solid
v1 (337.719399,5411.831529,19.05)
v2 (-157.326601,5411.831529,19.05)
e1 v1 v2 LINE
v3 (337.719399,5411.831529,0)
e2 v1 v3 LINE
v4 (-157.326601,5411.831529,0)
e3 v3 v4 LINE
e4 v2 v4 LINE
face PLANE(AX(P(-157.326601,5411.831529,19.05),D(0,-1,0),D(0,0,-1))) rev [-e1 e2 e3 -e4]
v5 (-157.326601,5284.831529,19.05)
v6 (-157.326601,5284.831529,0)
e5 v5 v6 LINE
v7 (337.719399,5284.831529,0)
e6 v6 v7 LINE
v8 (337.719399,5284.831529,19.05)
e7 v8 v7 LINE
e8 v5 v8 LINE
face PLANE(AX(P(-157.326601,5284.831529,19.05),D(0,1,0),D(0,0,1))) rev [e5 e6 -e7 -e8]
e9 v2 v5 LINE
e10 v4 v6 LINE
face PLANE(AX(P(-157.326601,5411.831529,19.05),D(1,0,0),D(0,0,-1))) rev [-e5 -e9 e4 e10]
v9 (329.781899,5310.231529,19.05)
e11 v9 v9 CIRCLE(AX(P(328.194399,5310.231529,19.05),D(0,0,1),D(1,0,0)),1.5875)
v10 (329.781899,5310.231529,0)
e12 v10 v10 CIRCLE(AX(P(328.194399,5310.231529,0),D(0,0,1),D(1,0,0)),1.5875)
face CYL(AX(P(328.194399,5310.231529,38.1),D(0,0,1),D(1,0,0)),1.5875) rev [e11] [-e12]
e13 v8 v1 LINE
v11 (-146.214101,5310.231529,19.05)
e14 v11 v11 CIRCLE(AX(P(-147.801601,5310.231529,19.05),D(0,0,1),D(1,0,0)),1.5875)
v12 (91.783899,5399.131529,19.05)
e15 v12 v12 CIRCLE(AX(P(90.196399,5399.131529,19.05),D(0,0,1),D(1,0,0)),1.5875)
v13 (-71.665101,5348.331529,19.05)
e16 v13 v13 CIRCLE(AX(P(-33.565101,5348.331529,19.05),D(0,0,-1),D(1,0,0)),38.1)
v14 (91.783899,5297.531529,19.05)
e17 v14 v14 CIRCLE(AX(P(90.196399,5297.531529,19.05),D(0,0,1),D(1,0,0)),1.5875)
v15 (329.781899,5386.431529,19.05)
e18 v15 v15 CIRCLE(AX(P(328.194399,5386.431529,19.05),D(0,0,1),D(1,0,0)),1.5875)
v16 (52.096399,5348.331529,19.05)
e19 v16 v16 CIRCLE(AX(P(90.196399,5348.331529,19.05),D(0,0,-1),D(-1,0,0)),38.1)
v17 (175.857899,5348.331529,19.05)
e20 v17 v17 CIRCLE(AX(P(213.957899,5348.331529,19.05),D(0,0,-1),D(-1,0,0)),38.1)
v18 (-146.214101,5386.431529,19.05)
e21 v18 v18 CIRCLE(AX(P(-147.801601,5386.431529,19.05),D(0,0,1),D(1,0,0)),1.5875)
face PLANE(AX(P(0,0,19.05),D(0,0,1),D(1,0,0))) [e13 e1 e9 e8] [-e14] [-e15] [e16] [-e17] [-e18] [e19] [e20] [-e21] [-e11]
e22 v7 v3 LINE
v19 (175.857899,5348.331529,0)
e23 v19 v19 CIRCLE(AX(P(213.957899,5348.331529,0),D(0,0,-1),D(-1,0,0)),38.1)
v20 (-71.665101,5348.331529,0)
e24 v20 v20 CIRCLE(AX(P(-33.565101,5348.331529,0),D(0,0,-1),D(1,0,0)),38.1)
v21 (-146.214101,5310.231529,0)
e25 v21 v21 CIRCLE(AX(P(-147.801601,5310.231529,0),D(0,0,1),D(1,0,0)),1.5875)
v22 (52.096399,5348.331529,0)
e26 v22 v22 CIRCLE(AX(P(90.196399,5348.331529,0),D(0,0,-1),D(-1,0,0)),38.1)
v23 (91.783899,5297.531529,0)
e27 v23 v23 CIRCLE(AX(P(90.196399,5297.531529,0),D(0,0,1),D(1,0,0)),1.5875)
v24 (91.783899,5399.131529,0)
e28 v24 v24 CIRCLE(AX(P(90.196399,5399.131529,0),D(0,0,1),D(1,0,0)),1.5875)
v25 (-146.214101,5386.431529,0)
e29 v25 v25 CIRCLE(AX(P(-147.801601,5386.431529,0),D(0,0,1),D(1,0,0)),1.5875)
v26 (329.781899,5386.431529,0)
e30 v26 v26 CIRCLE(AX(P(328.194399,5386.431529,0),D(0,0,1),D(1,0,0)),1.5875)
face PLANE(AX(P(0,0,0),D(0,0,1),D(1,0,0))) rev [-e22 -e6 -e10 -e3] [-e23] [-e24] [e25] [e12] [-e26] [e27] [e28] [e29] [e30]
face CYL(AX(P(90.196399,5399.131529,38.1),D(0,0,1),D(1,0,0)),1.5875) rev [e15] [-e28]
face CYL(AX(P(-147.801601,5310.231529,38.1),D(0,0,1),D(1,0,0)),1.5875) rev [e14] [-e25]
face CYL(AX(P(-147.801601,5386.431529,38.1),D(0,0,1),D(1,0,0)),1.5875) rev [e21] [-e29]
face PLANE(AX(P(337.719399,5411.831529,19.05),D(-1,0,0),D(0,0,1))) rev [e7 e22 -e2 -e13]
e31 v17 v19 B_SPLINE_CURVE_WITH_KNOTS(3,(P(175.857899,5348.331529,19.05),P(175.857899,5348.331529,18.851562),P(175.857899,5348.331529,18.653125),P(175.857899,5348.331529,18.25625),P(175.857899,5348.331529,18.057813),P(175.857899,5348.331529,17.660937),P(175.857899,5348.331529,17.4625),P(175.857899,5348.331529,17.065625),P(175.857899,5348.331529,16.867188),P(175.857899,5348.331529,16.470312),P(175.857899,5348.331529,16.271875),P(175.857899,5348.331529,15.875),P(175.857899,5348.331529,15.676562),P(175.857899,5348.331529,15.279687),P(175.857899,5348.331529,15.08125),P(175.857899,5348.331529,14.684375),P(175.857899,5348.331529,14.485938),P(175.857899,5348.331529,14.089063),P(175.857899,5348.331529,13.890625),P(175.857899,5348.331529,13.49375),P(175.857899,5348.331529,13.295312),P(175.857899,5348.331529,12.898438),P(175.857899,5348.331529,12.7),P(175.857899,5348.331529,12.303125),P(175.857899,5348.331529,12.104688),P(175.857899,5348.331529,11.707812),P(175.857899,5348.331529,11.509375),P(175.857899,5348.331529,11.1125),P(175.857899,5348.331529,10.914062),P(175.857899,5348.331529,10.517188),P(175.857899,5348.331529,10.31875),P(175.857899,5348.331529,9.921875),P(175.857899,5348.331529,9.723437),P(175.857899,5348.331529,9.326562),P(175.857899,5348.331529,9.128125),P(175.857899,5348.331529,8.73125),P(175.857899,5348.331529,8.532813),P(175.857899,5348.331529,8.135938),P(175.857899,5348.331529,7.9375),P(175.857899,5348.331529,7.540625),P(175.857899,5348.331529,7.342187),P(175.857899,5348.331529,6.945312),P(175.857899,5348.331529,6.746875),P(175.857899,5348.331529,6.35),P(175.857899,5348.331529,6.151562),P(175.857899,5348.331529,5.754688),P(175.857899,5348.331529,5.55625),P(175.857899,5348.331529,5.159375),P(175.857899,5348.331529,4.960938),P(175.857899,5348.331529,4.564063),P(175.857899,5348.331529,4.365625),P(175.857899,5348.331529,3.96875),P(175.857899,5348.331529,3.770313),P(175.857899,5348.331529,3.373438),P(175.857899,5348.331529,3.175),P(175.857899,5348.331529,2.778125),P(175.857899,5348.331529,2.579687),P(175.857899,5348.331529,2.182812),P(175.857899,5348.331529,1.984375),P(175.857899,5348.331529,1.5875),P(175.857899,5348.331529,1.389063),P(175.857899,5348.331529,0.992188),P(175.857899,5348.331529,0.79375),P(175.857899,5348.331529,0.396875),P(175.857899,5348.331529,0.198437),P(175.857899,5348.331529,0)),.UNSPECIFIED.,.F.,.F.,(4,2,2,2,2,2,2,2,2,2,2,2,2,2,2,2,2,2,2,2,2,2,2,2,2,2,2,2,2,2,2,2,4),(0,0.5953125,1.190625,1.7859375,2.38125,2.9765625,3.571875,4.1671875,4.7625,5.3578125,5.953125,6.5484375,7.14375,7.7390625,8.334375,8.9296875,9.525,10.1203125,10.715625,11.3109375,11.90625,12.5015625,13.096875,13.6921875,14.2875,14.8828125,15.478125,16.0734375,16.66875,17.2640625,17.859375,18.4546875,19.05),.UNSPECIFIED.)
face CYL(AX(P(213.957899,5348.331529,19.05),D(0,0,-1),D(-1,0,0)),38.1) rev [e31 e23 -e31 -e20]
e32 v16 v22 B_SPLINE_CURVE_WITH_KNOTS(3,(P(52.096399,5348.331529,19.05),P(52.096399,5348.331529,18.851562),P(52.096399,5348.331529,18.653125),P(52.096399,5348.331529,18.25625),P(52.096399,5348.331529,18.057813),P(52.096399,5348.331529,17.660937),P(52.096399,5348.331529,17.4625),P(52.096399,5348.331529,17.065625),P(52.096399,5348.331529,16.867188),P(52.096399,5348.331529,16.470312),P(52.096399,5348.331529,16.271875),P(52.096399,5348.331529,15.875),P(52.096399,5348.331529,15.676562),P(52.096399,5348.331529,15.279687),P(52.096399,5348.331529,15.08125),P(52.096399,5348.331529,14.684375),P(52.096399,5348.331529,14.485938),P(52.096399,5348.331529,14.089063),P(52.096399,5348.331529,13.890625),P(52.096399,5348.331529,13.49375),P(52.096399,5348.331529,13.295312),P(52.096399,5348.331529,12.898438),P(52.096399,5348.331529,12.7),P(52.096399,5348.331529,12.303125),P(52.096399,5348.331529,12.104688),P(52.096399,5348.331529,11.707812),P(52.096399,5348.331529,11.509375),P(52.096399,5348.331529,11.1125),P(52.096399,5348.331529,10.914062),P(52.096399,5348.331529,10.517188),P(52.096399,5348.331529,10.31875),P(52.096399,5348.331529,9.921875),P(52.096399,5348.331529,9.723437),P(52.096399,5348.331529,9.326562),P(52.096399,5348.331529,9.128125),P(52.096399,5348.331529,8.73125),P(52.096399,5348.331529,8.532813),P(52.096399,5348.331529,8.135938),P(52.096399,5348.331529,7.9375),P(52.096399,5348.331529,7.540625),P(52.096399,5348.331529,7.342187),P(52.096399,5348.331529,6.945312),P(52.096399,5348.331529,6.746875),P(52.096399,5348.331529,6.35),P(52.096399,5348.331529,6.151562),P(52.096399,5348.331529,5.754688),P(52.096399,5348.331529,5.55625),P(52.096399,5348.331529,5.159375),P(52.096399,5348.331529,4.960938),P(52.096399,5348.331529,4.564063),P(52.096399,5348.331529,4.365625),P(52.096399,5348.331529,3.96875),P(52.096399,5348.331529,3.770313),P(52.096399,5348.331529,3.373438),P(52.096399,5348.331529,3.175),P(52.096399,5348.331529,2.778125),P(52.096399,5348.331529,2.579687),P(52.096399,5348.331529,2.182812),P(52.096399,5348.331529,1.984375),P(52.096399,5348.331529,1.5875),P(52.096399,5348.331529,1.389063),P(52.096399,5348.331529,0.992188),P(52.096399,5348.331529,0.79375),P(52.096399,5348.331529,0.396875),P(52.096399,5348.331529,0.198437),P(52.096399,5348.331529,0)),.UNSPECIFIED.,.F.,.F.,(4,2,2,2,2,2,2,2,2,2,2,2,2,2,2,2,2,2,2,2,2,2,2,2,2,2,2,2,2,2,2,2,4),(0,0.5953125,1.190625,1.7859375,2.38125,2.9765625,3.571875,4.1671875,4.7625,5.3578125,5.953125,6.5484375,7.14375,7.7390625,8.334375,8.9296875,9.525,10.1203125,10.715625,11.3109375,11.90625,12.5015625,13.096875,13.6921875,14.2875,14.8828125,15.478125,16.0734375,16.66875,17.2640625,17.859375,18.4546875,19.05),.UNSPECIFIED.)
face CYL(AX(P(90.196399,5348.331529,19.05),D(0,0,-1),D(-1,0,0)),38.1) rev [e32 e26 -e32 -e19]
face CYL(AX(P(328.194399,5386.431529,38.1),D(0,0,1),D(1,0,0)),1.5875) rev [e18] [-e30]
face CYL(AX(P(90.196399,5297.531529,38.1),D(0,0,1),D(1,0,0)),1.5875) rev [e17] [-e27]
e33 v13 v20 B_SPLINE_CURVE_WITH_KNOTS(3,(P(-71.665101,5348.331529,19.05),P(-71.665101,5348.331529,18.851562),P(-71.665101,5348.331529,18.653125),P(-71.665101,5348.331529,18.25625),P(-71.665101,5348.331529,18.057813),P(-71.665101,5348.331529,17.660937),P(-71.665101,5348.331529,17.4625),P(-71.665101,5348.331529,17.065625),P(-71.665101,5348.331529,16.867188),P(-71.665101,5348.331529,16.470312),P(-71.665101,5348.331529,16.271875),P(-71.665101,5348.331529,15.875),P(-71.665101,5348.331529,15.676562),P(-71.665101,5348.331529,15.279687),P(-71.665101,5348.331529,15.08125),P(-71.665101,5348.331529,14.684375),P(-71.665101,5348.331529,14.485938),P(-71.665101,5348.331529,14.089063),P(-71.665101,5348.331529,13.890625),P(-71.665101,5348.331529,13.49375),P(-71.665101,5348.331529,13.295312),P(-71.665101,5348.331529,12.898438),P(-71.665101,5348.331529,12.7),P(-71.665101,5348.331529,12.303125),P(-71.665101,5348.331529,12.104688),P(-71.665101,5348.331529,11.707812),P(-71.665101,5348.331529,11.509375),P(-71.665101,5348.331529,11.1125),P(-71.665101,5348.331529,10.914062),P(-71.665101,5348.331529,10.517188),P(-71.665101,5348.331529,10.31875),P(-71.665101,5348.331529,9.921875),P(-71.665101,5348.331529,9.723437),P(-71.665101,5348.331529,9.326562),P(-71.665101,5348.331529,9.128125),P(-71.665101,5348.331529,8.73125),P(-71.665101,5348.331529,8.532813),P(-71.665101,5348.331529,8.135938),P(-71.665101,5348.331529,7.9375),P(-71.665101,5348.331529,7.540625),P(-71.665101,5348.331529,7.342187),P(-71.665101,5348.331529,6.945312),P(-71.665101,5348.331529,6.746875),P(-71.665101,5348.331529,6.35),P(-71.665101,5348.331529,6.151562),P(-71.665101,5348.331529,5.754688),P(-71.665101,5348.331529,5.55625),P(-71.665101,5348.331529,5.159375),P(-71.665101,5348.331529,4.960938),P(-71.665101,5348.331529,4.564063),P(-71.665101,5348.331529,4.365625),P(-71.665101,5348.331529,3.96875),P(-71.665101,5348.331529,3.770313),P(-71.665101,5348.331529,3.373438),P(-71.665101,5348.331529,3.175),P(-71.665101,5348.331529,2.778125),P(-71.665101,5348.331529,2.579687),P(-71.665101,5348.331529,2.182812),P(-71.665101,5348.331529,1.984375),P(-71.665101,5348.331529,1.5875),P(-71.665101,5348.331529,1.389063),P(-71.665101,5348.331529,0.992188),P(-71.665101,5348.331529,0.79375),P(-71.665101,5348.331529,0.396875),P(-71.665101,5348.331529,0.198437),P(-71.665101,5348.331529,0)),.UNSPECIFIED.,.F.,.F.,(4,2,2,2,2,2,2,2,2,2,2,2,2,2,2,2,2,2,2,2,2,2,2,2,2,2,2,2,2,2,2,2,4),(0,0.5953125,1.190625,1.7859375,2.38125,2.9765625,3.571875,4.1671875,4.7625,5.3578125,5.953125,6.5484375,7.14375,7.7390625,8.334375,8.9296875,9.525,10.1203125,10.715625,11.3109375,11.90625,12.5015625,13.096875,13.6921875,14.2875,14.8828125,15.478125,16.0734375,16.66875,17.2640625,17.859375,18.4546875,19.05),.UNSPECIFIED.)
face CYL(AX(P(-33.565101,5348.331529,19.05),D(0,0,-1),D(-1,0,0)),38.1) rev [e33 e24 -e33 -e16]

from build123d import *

# Parameters (mm, degrees)
SKETCH1_W           = 495.046
SKETCH1_H           = 127
BOSS_EXTRUDE1_DEPTH = 19.05
SKETCH2_R           = 38.1
CUT_EXTRUDE1_DEPTH  = 5423.392257673
HOLE1_D             = 3.175
HOLE1_DEPTH         = 50.8
HOLE1_CSINK_D       = 10.16
HOLE1_CSINK_ANGLE   = 82
HOLE1_TIP           = 0.953866233


with BuildPart() as part:
    # Sketch1 → Boss-Extrude1 (new body)
    with BuildSketch(Plane.XY):
        with Locations((90.196398512, 5348.331529292)):
            Rectangle(SKETCH1_W, SKETCH1_H)
    extrude(amount=BOSS_EXTRUDE1_DEPTH)

    # Sketch2 → Cut-Extrude1 (cut, through all)
    with BuildSketch(Plane(origin=(0, 0, 0), x_dir=(-1, 0, 0), z_dir=(0, 0, -1))):
        with Locations((-213.957898512, 5348.331529292)):
            Circle(SKETCH2_R)
        with Locations((-90.196398512, 5348.331529292)):
            Circle(SKETCH2_R)
        with Locations((33.565101488, 5348.331529292)):
            Circle(SKETCH2_R)
    extrude(amount=-CUT_EXTRUDE1_DEPTH, mode=Mode.SUBTRACT)

    # Hole1
    with Locations(Plane(origin=(90.196398512, 2347.321529292, 38.1), x_dir=(1, 0, 0), z_dir=(0, 0, 1))):
        with Locations((0, 2696.21), (-237.998, 3089.91), (-237.998, 3039.11), (-237.998, 2962.91), (-237.998, 2912.11), (-237.998, 2835.91), (-237.998, 2785.11), (-237.998, 2708.91), (237.998, 2708.91), (237.998, 2785.11), (237.998, 2835.91), (237.998, 2912.11), (237.998, 2962.91), (237.998, 3039.11), (237.998, 3089.91), (0, 3051.81), (0, 2950.21), (0, 2797.81)):
            CounterSinkHole(HOLE1_D / 2, HOLE1_CSINK_D / 2, depth=HOLE1_DEPTH, counter_sink_angle=HOLE1_CSINK_ANGLE)
            with Locations((0, 0, -(HOLE1_DEPTH + HOLE1_TIP / 2))):  # 118° drill point
                Cone(0, HOLE1_D / 2, HOLE1_TIP, mode=Mode.SUBTRACT)


solid = part.part
